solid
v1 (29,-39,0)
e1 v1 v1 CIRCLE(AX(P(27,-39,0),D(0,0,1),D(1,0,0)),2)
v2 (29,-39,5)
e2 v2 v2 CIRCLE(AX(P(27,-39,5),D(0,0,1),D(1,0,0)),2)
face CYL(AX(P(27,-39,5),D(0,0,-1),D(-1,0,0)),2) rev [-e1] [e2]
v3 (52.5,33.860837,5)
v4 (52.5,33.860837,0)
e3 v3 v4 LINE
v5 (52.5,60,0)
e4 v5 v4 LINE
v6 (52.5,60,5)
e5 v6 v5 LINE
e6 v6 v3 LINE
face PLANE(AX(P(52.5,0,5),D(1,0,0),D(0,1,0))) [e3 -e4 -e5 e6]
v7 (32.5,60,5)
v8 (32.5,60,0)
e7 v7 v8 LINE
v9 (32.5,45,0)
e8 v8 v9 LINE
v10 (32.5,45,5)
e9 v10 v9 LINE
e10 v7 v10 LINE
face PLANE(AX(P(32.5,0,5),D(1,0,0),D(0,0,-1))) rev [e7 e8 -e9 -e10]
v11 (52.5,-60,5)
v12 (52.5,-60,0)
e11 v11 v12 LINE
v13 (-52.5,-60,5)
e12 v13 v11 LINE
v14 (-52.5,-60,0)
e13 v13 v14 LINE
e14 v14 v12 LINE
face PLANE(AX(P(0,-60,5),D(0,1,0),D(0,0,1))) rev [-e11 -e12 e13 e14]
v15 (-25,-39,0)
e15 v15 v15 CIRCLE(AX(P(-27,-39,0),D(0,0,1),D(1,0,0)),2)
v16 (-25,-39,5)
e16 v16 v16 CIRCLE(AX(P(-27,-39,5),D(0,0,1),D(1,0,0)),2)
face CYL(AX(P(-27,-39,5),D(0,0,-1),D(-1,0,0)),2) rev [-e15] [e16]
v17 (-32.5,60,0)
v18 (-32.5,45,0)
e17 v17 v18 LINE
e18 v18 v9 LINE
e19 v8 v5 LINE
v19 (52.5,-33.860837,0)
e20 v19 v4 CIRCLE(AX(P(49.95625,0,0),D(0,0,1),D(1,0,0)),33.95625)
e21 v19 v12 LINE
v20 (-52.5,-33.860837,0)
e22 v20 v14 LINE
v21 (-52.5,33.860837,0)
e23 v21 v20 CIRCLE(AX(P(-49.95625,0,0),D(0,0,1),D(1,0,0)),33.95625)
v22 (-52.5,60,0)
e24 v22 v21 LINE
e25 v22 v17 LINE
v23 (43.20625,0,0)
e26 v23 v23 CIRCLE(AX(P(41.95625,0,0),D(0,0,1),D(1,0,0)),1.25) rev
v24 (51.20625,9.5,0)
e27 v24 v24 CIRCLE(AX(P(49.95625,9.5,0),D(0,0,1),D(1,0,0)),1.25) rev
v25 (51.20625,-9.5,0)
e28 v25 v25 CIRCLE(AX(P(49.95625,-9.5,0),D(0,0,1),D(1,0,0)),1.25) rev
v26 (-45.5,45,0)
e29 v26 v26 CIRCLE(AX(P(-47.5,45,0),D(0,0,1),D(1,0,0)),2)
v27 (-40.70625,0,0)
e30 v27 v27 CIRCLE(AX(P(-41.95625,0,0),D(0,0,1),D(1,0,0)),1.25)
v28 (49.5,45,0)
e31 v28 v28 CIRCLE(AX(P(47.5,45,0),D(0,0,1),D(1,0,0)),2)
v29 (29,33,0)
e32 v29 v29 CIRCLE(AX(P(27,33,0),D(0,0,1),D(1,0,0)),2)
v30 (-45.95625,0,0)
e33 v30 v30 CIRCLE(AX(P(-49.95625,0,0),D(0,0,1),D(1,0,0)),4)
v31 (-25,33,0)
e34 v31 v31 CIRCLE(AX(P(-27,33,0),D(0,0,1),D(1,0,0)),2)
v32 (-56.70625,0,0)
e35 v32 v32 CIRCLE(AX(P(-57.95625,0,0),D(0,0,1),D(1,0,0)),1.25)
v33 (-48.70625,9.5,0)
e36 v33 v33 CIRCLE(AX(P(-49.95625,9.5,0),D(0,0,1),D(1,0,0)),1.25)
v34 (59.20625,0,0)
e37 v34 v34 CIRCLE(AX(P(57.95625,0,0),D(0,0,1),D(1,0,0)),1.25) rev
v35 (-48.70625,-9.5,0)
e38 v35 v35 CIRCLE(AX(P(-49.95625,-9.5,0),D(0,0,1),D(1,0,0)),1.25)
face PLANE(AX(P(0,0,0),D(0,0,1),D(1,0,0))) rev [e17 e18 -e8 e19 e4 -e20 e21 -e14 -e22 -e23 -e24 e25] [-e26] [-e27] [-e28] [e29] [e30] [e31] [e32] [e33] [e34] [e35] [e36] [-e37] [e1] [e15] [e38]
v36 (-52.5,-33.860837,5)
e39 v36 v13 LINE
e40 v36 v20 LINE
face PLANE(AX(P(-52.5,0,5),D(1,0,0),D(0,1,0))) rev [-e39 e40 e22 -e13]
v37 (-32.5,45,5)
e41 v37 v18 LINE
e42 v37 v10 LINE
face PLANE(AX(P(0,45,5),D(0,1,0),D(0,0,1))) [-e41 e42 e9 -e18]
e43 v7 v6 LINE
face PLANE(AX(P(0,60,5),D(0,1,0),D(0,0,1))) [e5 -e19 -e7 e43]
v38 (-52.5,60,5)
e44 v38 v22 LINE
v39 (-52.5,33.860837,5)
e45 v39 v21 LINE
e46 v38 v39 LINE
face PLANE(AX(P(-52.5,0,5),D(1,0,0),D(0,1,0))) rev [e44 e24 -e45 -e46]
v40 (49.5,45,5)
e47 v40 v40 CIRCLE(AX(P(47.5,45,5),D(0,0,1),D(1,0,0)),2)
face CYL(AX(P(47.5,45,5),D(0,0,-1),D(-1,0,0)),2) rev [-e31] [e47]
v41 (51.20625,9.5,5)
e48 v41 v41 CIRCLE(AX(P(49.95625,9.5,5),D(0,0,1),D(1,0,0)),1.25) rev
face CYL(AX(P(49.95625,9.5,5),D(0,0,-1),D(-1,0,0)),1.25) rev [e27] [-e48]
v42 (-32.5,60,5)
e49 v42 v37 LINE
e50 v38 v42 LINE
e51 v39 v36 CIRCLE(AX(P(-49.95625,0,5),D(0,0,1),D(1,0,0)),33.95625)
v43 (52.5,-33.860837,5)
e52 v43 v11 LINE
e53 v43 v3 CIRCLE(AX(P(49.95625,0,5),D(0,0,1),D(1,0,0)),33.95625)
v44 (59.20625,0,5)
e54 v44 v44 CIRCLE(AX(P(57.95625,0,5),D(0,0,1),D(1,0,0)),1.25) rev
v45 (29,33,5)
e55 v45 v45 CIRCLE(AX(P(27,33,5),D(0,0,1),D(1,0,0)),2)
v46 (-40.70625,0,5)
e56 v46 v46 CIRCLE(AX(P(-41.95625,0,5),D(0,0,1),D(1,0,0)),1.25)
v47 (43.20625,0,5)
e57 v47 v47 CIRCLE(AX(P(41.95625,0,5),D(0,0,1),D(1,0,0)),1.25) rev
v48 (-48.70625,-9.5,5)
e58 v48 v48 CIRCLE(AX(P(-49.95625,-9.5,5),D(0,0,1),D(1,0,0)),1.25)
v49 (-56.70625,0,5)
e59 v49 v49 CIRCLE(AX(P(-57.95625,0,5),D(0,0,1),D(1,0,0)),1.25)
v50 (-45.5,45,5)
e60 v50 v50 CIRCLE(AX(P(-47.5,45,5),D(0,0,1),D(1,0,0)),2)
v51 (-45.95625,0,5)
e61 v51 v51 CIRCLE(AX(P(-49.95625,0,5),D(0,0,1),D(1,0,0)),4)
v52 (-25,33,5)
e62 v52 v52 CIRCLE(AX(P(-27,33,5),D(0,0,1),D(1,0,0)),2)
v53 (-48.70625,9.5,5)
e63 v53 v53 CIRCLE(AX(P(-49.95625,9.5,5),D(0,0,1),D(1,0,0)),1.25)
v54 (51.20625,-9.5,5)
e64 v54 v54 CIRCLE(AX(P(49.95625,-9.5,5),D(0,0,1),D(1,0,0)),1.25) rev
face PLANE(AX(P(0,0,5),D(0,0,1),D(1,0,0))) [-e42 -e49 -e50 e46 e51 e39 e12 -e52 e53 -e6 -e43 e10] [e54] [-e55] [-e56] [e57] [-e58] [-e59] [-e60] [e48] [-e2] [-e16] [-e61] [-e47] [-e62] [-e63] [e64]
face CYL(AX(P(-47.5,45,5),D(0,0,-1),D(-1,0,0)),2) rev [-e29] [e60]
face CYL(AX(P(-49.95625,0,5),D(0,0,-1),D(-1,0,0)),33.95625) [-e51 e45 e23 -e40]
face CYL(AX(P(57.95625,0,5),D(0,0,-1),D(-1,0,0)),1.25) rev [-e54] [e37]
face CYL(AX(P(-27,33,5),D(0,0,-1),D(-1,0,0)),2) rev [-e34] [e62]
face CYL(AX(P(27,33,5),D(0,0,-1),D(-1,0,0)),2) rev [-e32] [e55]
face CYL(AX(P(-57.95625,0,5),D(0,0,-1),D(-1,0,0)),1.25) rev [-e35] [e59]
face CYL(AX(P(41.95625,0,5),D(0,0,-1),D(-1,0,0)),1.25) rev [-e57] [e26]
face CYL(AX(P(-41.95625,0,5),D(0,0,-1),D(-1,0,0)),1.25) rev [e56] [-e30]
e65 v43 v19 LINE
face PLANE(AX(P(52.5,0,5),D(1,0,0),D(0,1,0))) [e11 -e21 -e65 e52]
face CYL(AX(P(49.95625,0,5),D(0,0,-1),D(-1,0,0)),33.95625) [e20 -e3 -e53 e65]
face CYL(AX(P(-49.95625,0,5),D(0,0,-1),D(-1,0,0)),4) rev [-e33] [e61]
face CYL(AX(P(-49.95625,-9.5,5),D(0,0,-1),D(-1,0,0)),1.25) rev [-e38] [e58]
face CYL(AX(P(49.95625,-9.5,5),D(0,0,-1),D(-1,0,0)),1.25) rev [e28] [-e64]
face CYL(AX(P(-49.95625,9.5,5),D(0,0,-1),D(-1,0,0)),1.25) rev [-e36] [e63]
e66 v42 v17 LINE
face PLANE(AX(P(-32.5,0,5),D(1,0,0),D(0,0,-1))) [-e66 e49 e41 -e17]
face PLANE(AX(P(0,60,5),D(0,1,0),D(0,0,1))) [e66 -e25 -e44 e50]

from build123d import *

# Parameters (mm, degrees)
SKETCH1_R           = 4
SKETCH1_R_2         = 2
SKETCH1_R_3         = 1.25
BOSS_EXTRUDE1_DEPTH = 5


with BuildPart() as part:
    # Sketch1 → Boss-Extrude1 (new body)
    with BuildSketch(Plane.XY):
        with BuildLine():
            Line((-32.5, 60), (-52.5, 60))
            Line((-52.5, 60), (-52.5, 33.860836522))
            ThreePointArc((-52.5, 33.860836522), (-83.9125, 0), (-52.5, -33.860836522))
            Line((-52.5, -33.860836522), (-52.5, -60))
            Line((-52.5, -60), (52.5, -60))
            Line((52.5, -60), (52.5, -33.860836522))
            ThreePointArc((52.5, -33.860836522), (83.9125, 0), (52.5, 33.860836522))
            Line((52.5, 33.860836522), (52.5, 60))
            Line((52.5, 60), (32.5, 60))
            Line((32.5, 60), (32.5, 45))
            Line((32.5, 45), (-32.5, 45))
            Line((-32.5, 45), (-32.5, 60))
        make_face()
        with Locations((-49.95625, 0)):
            Circle(SKETCH1_R, mode=Mode.SUBTRACT)
        with Locations((-27, -39)):
            Circle(SKETCH1_R_2, mode=Mode.SUBTRACT)
        with Locations((27, -39)):
            Circle(SKETCH1_R_2, mode=Mode.SUBTRACT)
        with Locations((-27, 33)):
            Circle(SKETCH1_R_2, mode=Mode.SUBTRACT)
        with Locations((-47.5, 45)):
            Circle(SKETCH1_R_2, mode=Mode.SUBTRACT)
        with Locations((27, 33)):
            Circle(SKETCH1_R_2, mode=Mode.SUBTRACT)
        with Locations((47.5, 45)):
            Circle(SKETCH1_R_2, mode=Mode.SUBTRACT)
        with Locations((-41.95625, 0)):
            Circle(SKETCH1_R_3, mode=Mode.SUBTRACT)
        with Locations((-49.95625, 9.5)):
            Circle(SKETCH1_R_3, mode=Mode.SUBTRACT)
        with Locations((-49.95625, -9.5)):
            Circle(SKETCH1_R_3, mode=Mode.SUBTRACT)
        with Locations((-57.95625, 0)):
            Circle(SKETCH1_R_3, mode=Mode.SUBTRACT)
        with Locations((49.95625, 9.5)):
            Circle(SKETCH1_R_3, mode=Mode.SUBTRACT)
        with Locations((49.95625, -9.5)):
            Circle(SKETCH1_R_3, mode=Mode.SUBTRACT)
        with Locations((41.95625, 0)):
            Circle(SKETCH1_R_3, mode=Mode.SUBTRACT)
        with Locations((57.95625, 0)):
            Circle(SKETCH1_R_3, mode=Mode.SUBTRACT)
    extrude(amount=BOSS_EXTRUDE1_DEPTH)


solid = part.part
